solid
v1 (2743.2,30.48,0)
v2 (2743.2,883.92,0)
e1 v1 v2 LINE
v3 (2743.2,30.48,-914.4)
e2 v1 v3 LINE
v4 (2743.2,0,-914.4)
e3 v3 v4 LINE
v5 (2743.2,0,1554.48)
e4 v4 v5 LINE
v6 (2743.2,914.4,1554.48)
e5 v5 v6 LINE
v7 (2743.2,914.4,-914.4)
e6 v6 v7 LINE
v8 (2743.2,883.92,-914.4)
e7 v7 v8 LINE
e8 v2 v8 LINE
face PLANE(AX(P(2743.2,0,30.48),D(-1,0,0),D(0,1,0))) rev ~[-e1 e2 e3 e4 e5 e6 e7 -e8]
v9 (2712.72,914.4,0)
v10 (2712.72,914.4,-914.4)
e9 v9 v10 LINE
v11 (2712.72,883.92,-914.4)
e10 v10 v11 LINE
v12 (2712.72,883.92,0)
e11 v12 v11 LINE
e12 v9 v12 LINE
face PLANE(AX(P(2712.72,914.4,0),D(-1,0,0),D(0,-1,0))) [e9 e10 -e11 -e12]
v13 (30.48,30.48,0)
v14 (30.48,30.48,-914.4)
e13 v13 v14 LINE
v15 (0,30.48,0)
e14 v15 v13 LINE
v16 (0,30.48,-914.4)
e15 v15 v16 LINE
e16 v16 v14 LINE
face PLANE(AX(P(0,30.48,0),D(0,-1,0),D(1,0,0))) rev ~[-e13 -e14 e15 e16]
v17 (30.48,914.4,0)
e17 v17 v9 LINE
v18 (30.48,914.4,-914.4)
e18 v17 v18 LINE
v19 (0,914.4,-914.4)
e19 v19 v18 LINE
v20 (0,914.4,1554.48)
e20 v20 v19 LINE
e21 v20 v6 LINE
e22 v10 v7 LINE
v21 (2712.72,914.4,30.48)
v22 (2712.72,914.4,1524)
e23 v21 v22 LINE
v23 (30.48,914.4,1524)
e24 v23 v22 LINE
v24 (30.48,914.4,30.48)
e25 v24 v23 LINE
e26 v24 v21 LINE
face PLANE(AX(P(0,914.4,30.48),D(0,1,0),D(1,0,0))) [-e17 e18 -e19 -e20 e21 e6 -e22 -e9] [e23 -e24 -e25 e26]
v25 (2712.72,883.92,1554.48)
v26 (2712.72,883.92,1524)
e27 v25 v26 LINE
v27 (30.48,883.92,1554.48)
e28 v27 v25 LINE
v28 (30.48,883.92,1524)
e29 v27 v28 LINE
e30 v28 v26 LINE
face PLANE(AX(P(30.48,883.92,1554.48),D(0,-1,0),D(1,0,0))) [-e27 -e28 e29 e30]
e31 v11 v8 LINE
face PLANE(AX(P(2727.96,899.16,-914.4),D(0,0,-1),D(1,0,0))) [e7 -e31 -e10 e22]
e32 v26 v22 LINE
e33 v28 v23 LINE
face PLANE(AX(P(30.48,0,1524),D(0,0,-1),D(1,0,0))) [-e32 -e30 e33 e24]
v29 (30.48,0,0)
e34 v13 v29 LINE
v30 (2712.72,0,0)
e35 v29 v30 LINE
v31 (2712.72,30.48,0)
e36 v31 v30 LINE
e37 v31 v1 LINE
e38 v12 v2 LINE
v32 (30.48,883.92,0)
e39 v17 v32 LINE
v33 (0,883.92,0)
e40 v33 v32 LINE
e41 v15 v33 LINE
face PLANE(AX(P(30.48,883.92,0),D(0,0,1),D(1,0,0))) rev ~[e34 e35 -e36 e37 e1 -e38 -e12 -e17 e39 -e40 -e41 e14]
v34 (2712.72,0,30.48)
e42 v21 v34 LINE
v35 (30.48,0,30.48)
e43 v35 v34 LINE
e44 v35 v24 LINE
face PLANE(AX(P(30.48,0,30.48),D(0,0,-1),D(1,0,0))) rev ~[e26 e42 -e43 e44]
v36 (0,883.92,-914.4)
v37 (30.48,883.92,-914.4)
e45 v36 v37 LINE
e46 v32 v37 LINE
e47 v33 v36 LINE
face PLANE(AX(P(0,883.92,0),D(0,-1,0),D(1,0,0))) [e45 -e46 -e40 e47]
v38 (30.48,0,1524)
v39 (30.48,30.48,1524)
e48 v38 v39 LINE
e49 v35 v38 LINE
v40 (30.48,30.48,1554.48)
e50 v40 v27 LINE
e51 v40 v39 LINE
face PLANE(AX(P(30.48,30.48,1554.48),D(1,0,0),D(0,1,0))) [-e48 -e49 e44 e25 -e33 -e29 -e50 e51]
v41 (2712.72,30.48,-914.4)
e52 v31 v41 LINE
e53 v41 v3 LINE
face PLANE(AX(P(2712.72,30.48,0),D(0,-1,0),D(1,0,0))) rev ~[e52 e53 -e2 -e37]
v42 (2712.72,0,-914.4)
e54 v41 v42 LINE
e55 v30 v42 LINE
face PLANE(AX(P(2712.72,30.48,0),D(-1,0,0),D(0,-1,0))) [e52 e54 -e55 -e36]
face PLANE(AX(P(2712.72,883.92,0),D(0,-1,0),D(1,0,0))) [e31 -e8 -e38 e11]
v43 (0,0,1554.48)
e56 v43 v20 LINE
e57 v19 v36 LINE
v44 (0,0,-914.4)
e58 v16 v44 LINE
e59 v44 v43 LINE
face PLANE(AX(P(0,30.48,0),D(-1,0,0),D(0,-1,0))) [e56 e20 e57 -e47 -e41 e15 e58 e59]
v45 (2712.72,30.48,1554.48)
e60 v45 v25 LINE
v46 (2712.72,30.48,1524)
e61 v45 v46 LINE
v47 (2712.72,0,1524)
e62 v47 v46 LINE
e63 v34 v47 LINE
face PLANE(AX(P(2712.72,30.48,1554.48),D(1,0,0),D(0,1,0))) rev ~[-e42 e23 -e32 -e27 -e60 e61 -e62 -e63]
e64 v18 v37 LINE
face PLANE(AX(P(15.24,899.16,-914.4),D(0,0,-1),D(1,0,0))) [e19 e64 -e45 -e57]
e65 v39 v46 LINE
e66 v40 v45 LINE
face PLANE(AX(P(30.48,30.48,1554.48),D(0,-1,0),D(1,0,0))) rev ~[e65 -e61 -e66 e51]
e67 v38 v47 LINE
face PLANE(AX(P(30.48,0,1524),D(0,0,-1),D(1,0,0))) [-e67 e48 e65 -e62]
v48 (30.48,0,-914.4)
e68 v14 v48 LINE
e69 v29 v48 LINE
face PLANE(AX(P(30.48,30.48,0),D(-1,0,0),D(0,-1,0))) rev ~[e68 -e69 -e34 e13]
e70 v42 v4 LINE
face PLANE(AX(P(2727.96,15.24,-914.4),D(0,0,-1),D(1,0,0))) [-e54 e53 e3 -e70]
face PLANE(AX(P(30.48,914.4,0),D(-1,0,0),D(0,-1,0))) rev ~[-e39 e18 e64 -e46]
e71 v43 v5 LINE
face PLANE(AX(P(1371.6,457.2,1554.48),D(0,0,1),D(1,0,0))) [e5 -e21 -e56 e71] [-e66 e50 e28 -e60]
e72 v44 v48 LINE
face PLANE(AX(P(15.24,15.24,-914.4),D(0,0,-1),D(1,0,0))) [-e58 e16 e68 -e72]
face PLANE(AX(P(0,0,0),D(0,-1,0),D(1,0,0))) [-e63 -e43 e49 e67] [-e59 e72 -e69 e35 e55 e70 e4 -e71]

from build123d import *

# Parameters (mm, degrees)
F0_W      = 2743.2
F0_H      = 914.4
F1_DEPTH  = 30.48
F2_W      = 2743.2
F2_H      = 914.4
F3_DEPTH  = 1524
F4_W      = 2682.24
F4_H      = 853.44
F5_DEPTH  = 1554.48
F6_W      = 2682.24
F6_H      = 1493.52
F7_DEPTH  = 914.4
F8_W      = 2682.24
F8_H      = 30.48
F9_DEPTH  = 853.44
F10_W     = 30.48
F10_H     = 30.48
F11_DEPTH = 914.4


with BuildPart() as f1:
    # F0 (on Top) → F1 (new body)
    with BuildSketch(Plane.XY):
        with Locations((1371.6, 457.2)):
            Rectangle(F0_W, F0_H)
    extrude(amount=F1_DEPTH)

    # F2 (on face) → F3 (join)
    with BuildSketch(Plane.XY.offset(30.48)):
        with Locations((1371.6, 457.2)):
            Rectangle(F2_W, F2_H)
    extrude(amount=F3_DEPTH)

    # F4 (on face) → F5 (cut, through all)
    with BuildSketch(Plane.XY.offset(1554.48)):
        with Locations((1371.6, 457.2)):
            Rectangle(F4_W, F4_H)
    extrude(amount=-F5_DEPTH, mode=Mode.SUBTRACT)

    # F6 (on face) → F7 (cut)
    with BuildSketch(Plane.XZ):
        with Locations((1371.6, 777.24)):
            Rectangle(F6_W, F6_H)
    extrude(amount=-F7_DEPTH, mode=Mode.SUBTRACT)

    # F8 (on face) → F9 (join, through all)
    with BuildSketch(Plane.XZ.offset(-883.92)):
        with Locations((1371.6, 15.24)):
            Rectangle(F8_W, F8_H)
    extrude(amount=F9_DEPTH)

    # F10 (on face) → F11 (join)
    with BuildSketch(Plane(origin=(0, 0, 0), x_dir=(1, 0, 0), z_dir=(0, 0, -1))):
        with Locations((15.24, -15.24)):
            Rectangle(F10_W, F10_H)
        with Locations((15.24, -899.16)):
            Rectangle(F10_W, F10_H)
        with Locations((2727.96, -15.24)):
            Rectangle(F10_W, F10_H)
        with Locations((2727.96, -899.16)):
            Rectangle(F10_W, F10_H)
    extrude(amount=F11_DEPTH)


solid = f1.part
